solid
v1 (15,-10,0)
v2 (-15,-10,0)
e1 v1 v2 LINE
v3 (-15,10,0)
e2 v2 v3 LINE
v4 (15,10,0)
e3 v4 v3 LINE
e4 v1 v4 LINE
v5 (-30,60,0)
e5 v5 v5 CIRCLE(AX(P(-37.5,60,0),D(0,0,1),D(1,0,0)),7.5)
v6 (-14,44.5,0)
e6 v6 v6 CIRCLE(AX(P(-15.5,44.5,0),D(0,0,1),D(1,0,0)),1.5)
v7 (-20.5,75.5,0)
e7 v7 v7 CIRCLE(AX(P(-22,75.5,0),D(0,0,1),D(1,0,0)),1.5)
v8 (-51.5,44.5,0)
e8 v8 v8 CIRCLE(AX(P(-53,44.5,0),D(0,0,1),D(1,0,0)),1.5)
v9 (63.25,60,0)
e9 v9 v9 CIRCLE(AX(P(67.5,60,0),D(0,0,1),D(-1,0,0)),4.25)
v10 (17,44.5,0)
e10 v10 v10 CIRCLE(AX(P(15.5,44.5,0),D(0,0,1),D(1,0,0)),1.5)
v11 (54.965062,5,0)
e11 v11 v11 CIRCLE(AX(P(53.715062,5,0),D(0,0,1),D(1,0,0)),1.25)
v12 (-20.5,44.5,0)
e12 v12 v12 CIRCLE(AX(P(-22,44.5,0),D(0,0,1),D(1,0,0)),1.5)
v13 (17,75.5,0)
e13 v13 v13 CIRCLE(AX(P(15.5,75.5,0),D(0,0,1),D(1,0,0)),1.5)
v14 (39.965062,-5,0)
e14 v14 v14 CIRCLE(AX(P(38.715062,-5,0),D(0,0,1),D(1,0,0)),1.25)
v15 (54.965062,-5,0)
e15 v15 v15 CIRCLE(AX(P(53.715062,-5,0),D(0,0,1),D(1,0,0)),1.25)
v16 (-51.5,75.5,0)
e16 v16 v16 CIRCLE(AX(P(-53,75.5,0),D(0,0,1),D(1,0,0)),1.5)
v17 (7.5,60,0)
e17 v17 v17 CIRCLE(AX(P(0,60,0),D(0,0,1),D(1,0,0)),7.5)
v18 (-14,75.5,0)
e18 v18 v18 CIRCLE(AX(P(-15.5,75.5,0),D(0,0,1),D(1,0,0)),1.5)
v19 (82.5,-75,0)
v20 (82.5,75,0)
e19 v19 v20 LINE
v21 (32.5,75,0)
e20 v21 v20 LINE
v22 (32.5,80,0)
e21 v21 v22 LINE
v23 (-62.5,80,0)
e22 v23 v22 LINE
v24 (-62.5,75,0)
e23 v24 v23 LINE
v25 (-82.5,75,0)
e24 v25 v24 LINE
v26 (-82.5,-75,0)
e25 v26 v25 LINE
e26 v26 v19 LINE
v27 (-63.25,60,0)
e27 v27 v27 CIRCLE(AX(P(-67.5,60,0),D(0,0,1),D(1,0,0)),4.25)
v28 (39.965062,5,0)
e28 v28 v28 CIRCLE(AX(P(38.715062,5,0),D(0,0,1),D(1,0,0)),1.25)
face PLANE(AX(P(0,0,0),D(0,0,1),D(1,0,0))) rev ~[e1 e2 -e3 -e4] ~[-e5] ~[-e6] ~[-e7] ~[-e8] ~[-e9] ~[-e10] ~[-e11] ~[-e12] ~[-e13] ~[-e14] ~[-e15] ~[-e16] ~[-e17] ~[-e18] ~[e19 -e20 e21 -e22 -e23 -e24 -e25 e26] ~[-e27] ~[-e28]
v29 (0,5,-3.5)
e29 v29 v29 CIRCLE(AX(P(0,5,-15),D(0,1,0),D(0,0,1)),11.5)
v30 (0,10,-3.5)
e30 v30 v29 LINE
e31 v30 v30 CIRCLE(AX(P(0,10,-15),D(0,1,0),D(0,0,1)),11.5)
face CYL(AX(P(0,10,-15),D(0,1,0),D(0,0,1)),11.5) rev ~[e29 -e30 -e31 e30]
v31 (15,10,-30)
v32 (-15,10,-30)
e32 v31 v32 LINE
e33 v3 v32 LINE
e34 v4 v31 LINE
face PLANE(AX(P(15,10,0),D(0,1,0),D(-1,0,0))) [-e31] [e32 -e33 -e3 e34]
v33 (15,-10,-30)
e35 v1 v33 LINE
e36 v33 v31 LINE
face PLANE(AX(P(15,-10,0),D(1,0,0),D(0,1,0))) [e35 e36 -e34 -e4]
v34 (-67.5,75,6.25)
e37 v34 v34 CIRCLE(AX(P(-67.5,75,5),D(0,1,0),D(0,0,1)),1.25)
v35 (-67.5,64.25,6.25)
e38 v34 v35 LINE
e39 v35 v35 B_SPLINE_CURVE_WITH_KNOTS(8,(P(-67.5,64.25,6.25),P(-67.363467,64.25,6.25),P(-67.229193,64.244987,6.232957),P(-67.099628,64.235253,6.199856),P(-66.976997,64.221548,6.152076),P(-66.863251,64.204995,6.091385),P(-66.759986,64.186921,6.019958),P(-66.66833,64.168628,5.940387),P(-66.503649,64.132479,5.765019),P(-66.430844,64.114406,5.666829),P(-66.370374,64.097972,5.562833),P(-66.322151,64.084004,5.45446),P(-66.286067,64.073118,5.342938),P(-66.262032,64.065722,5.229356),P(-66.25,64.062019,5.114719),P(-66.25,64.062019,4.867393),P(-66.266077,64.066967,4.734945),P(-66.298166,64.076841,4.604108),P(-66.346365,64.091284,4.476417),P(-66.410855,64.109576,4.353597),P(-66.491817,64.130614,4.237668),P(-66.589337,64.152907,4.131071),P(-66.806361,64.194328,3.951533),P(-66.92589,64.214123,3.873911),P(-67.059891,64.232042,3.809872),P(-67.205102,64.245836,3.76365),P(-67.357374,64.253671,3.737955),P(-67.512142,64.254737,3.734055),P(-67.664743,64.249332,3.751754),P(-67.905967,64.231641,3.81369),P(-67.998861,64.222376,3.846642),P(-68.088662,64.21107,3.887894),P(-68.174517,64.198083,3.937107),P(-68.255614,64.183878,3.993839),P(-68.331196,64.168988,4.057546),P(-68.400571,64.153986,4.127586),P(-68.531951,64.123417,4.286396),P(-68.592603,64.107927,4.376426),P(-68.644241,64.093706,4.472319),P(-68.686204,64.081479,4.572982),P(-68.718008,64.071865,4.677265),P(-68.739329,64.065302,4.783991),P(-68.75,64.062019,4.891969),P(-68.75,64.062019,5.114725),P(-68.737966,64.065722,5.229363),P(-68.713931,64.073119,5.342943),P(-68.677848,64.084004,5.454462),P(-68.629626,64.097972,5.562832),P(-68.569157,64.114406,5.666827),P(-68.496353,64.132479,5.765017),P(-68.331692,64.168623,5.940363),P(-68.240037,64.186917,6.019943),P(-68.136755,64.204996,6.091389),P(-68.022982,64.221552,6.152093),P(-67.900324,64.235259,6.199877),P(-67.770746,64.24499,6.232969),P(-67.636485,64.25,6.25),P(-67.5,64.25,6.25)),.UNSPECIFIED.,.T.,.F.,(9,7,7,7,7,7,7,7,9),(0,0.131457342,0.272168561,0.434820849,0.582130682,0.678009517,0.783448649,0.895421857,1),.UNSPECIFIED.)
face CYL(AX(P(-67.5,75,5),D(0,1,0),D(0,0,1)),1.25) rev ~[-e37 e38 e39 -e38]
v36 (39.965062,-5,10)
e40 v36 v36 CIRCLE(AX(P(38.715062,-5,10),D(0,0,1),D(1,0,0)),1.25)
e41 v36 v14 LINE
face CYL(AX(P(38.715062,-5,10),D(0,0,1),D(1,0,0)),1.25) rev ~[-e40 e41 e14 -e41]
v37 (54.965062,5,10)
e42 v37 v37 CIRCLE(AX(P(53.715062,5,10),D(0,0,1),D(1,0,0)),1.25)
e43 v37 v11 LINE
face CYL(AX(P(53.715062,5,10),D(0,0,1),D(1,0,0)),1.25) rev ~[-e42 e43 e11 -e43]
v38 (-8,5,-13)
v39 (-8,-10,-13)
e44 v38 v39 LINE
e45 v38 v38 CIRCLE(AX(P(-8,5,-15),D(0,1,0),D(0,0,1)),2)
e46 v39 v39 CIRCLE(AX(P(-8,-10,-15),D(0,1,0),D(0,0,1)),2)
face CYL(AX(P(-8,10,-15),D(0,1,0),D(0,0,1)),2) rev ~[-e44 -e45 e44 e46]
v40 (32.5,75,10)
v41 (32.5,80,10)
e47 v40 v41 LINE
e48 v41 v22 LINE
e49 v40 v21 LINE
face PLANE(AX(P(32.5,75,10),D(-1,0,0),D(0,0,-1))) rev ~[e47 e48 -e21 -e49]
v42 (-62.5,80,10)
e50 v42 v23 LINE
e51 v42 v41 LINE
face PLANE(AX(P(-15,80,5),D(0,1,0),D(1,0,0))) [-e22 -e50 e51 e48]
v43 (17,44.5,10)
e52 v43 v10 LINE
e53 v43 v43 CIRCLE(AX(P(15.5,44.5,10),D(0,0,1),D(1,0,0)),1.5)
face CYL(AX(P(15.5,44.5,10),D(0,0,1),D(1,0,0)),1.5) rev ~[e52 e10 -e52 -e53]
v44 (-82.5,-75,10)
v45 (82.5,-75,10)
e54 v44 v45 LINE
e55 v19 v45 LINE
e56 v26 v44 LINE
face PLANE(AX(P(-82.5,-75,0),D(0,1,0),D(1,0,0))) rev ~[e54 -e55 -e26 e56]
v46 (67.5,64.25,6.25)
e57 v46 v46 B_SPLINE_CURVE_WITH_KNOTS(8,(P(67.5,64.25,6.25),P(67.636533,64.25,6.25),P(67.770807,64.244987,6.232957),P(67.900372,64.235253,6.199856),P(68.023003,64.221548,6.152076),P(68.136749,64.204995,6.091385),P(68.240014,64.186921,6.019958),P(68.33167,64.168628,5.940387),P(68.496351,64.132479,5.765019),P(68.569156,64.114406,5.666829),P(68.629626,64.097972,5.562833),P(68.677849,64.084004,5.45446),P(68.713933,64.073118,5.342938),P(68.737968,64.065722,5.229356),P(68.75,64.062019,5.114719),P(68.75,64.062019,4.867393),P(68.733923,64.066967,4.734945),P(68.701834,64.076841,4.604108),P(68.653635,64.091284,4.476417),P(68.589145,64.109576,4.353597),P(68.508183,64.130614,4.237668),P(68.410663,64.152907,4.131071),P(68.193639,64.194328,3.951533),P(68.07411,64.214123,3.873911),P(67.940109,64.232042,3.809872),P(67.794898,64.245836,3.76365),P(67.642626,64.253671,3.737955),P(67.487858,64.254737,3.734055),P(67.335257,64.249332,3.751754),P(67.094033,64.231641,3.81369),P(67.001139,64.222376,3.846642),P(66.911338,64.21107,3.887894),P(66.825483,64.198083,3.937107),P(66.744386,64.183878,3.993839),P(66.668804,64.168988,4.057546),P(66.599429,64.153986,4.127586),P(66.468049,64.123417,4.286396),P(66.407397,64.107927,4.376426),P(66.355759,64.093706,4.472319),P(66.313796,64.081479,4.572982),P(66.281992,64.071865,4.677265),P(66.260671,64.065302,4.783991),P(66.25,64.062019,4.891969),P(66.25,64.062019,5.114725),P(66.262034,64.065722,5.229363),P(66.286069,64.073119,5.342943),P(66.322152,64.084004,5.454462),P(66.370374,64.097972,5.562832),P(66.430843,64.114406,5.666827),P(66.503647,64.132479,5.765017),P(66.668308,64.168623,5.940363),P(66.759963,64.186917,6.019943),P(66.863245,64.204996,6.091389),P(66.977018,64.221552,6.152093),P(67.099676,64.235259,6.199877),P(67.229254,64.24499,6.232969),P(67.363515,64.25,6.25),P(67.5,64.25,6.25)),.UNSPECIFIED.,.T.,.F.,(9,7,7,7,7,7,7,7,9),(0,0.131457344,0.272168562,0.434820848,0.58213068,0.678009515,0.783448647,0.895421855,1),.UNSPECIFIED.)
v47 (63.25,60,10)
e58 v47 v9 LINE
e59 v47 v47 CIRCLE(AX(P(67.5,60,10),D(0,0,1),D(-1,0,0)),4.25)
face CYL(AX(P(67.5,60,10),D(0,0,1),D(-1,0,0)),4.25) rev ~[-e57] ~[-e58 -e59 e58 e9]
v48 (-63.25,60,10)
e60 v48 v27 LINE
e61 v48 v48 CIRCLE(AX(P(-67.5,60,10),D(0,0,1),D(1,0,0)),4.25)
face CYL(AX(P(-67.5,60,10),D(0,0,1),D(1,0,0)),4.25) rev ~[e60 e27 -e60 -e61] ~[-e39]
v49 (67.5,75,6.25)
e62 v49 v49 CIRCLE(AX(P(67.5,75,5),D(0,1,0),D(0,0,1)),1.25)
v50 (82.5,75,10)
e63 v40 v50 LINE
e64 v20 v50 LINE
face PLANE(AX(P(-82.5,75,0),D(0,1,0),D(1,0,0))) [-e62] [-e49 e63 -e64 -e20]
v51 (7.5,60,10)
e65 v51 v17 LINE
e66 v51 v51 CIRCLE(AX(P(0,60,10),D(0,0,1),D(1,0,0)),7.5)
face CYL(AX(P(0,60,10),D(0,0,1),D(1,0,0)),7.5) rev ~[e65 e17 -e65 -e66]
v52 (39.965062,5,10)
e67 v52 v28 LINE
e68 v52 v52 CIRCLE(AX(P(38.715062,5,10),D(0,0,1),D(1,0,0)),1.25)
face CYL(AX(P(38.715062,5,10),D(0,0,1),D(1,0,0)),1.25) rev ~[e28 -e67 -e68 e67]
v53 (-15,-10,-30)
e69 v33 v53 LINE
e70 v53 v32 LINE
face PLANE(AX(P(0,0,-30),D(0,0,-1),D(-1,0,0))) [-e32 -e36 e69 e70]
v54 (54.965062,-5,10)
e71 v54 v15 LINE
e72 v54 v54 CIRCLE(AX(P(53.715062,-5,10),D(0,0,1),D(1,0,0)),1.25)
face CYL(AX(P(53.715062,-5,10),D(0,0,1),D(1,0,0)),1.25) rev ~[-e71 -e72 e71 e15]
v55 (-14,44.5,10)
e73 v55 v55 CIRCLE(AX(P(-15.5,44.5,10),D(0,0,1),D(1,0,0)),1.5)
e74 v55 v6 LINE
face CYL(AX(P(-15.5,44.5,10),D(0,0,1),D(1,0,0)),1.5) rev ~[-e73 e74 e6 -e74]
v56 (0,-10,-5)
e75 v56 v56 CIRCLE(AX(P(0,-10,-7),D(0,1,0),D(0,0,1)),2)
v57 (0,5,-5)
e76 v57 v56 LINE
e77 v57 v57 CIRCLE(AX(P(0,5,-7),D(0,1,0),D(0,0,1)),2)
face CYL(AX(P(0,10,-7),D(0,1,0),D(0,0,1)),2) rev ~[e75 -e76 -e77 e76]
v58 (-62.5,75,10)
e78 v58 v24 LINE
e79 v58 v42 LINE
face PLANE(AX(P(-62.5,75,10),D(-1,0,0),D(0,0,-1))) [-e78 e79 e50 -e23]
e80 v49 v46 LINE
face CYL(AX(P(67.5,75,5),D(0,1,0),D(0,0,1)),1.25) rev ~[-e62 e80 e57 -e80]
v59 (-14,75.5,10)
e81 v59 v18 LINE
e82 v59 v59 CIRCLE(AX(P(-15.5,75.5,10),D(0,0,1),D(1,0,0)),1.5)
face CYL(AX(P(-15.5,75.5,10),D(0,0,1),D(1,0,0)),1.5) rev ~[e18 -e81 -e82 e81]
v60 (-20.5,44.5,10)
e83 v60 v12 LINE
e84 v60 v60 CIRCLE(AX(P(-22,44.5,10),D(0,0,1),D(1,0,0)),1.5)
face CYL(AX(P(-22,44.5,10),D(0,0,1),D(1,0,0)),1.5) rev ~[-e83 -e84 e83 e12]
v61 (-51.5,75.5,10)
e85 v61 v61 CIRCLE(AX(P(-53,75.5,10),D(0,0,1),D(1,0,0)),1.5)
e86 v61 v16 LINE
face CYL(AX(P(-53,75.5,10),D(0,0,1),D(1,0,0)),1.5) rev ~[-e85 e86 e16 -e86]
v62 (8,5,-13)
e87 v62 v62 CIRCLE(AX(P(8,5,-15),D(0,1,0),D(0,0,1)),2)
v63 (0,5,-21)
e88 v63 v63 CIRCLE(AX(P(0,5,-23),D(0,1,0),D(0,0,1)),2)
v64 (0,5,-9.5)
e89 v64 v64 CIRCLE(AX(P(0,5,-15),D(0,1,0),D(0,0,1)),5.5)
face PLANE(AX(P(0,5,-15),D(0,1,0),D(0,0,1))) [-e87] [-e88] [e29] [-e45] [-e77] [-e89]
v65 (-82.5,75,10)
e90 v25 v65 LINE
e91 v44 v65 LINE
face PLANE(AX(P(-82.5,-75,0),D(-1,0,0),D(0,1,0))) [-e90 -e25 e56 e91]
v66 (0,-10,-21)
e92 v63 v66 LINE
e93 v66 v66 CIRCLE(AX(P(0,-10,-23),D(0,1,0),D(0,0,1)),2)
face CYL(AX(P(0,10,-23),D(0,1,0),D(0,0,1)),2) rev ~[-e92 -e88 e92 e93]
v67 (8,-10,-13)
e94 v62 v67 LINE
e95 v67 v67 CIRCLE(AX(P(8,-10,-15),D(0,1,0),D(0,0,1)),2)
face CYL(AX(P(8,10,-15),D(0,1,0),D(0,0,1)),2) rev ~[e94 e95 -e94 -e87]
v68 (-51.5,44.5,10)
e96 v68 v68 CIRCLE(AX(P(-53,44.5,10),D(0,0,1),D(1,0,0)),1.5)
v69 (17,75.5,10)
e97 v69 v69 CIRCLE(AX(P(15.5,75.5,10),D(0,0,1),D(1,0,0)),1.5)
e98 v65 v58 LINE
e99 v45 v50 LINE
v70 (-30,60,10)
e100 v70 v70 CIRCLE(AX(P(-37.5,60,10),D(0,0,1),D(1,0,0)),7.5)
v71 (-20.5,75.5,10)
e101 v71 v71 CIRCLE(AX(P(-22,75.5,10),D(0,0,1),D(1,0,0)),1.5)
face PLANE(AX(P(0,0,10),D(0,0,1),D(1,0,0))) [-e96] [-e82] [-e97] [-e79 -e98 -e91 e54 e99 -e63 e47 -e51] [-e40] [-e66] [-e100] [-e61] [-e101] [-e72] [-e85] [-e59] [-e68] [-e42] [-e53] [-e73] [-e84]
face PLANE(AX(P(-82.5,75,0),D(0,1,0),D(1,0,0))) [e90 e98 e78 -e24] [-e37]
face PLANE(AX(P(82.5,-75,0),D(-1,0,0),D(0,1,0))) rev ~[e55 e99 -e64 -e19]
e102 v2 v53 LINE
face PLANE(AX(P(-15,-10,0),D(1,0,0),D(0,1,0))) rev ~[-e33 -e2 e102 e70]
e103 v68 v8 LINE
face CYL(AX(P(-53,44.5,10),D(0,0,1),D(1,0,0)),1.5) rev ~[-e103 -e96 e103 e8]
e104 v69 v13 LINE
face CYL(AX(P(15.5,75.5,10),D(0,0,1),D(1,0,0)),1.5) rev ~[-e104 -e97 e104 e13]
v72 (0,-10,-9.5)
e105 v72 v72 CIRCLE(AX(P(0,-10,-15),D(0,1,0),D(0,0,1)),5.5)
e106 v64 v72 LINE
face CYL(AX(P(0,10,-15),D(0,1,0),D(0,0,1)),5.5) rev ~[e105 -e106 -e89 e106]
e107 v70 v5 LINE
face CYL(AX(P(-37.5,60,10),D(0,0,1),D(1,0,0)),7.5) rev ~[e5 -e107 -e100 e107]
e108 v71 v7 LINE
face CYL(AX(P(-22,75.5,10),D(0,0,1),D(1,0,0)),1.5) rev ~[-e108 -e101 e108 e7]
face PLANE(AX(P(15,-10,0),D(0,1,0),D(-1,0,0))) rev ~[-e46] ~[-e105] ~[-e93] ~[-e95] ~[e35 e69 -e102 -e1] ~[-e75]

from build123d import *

# Parameters (mm, degrees)
ESQUISSE1_W             = 165
ESQUISSE1_H             = 150
BOSS_EXTRU_1_DEPTH      = 10
ESQUISSE2_R             = 4.25
ENL_V_MAT_EXTRU_1_DEPTH = 10
ESQUISSE5_W             = 95
ESQUISSE5_H             = 10
BOSS_EXTRU_2_DEPTH      = 5
ESQUISSE4_R             = 1.5
ESQUISSE4_R_2           = 7.5
ENL_V_MAT_EXTRU_2_DEPTH = 15
ESQUISSE6_R             = 1.25
ENL_V_MAT_EXTRU_3_DEPTH = 10
ESQUISSE7_W             = 30
ESQUISSE7_H             = 20
BOSS_EXTRU_3_DEPTH      = 30
ESQUISSE8_R             = 5.5
ESQUISSE8_R_2           = 2
ENL_V_MAT_EXTRU_4_DEPTH = 30
ESQUISSE8_4_R           = 11.5
ESQUISSE8_4_R_2         = 5.5
ESQUISSE8_4_R_3         = 2
ENL_V_MAT_EXTRU_5_DEPTH = 5
ESQUISSE9_R             = 1.25
ENL_V_MAT_EXTRU_6_DEPTH = 15


with BuildPart() as part:
    # Esquisse1 → Boss.-Extru.1 (new body)
    with BuildSketch(Plane.XY):
        Rectangle(ESQUISSE1_W, ESQUISSE1_H)
    extrude(amount=BOSS_EXTRU_1_DEPTH)

    # Esquisse2 → Enlèv. mat.-Extru.1 (cut)
    with BuildSketch(Plane.XY.offset(10)):
        with Locations((-67.5, 60)):
            Circle(ESQUISSE2_R)
        with Locations((67.5, 60)):
            Circle(ESQUISSE2_R)
    extrude(amount=-ENL_V_MAT_EXTRU_1_DEPTH, mode=Mode.SUBTRACT)

    # Esquisse5 → Boss.-Extru.2 (add)
    with BuildSketch(Plane(origin=(0, 75, 0), x_dir=(1, 0, 0), z_dir=(0, 1, 0))):
        with Locations((-15, -5)):
            Rectangle(ESQUISSE5_W, ESQUISSE5_H)
    extrude(amount=BOSS_EXTRU_2_DEPTH)

    # Esquisse4 → Enlèv. mat.-Extru.2 (cut)
    with BuildSketch(Plane.XY.offset(10)):
        with Locations((-15.5, 75.5)):
            Circle(ESQUISSE4_R)
        with Locations((15.5, 75.5)):
            Circle(ESQUISSE4_R)
        with Locations((15.5, 44.5)):
            Circle(ESQUISSE4_R)
        with Locations((-15.5, 44.5)):
            Circle(ESQUISSE4_R)
        with Locations((0, 60)):
            Circle(ESQUISSE4_R_2)
        with Locations((-53, 75.5)):
            Circle(ESQUISSE4_R)
        with Locations((-22, 75.5)):
            Circle(ESQUISSE4_R)
        with Locations((-22, 44.5)):
            Circle(ESQUISSE4_R)
        with Locations((-53, 44.5)):
            Circle(ESQUISSE4_R)
        with Locations((-37.5, 60)):
            Circle(ESQUISSE4_R_2)
    extrude(amount=-ENL_V_MAT_EXTRU_2_DEPTH, mode=Mode.SUBTRACT)

    # Esquisse6 → Enlèv. mat.-Extru.3 (cut)
    with BuildSketch(Plane.XY.offset(10)):
        with Locations((38.715061684, 5)):
            Circle(ESQUISSE6_R)
        with Locations((53.715061684, 5)):
            Circle(ESQUISSE6_R)
        with Locations((53.715061684, -5)):
            Circle(ESQUISSE6_R)
        with Locations((38.715061684, -5)):
            Circle(ESQUISSE6_R)
    extrude(amount=-ENL_V_MAT_EXTRU_3_DEPTH, mode=Mode.SUBTRACT)

    # Esquisse7 → Boss.-Extru.3 (add)
    with BuildSketch(Plane(origin=(0, 0, 0), x_dir=(-1, 0, 0), z_dir=(0, 0, -1))):
        Rectangle(ESQUISSE7_W, ESQUISSE7_H)
    extrude(amount=BOSS_EXTRU_3_DEPTH)

    # Esquisse8 → Enlèv. mat.-Extru.4 (cut)
    with BuildSketch(Plane(origin=(0, 10, 0), x_dir=(1, 0, 0), z_dir=(0, 1, 0))):
        with Locations((0, 15)):
            Circle(ESQUISSE8_R)
        with Locations((0, 23)):
            Circle(ESQUISSE8_R_2)
        with Locations((8, 15)):
            Circle(ESQUISSE8_R_2)
        with Locations((0, 7)):
            Circle(ESQUISSE8_R_2)
        with Locations((-8, 15)):
            Circle(ESQUISSE8_R_2)
    extrude(amount=-ENL_V_MAT_EXTRU_4_DEPTH, mode=Mode.SUBTRACT)

    # Esquisse8<4> → Enlèv. mat.-Extru.5 (cut)
    with BuildSketch(Plane(origin=(0, 10, 0), x_dir=(1, 0, 0), z_dir=(0, 1, 0))):
        with Locations((0, 15)):
            Circle(ESQUISSE8_4_R)
        with Locations((0, 15)):
            Circle(ESQUISSE8_4_R_2, mode=Mode.SUBTRACT)
        with Locations((0, 23)):
            Circle(ESQUISSE8_4_R_3, mode=Mode.SUBTRACT)
        with Locations((8, 15)):
            Circle(ESQUISSE8_4_R_3, mode=Mode.SUBTRACT)
        with Locations((0, 7)):
            Circle(ESQUISSE8_4_R_3, mode=Mode.SUBTRACT)
        with Locations((-8, 15)):
            Circle(ESQUISSE8_4_R_3, mode=Mode.SUBTRACT)
    extrude(amount=-ENL_V_MAT_EXTRU_5_DEPTH, mode=Mode.SUBTRACT)

    # Esquisse9 → Enlèv. mat.-Extru.6 (cut)
    with BuildSketch(Plane(origin=(0, 75, 0), x_dir=(1, 0, 0), z_dir=(0, 1, 0))):
        with Locations((67.5, -5)):
            Circle(ESQUISSE9_R)
        with Locations((-67.5, -5)):
            Circle(ESQUISSE9_R)
    extrude(amount=-ENL_V_MAT_EXTRU_6_DEPTH, mode=Mode.SUBTRACT)


solid = part.part
